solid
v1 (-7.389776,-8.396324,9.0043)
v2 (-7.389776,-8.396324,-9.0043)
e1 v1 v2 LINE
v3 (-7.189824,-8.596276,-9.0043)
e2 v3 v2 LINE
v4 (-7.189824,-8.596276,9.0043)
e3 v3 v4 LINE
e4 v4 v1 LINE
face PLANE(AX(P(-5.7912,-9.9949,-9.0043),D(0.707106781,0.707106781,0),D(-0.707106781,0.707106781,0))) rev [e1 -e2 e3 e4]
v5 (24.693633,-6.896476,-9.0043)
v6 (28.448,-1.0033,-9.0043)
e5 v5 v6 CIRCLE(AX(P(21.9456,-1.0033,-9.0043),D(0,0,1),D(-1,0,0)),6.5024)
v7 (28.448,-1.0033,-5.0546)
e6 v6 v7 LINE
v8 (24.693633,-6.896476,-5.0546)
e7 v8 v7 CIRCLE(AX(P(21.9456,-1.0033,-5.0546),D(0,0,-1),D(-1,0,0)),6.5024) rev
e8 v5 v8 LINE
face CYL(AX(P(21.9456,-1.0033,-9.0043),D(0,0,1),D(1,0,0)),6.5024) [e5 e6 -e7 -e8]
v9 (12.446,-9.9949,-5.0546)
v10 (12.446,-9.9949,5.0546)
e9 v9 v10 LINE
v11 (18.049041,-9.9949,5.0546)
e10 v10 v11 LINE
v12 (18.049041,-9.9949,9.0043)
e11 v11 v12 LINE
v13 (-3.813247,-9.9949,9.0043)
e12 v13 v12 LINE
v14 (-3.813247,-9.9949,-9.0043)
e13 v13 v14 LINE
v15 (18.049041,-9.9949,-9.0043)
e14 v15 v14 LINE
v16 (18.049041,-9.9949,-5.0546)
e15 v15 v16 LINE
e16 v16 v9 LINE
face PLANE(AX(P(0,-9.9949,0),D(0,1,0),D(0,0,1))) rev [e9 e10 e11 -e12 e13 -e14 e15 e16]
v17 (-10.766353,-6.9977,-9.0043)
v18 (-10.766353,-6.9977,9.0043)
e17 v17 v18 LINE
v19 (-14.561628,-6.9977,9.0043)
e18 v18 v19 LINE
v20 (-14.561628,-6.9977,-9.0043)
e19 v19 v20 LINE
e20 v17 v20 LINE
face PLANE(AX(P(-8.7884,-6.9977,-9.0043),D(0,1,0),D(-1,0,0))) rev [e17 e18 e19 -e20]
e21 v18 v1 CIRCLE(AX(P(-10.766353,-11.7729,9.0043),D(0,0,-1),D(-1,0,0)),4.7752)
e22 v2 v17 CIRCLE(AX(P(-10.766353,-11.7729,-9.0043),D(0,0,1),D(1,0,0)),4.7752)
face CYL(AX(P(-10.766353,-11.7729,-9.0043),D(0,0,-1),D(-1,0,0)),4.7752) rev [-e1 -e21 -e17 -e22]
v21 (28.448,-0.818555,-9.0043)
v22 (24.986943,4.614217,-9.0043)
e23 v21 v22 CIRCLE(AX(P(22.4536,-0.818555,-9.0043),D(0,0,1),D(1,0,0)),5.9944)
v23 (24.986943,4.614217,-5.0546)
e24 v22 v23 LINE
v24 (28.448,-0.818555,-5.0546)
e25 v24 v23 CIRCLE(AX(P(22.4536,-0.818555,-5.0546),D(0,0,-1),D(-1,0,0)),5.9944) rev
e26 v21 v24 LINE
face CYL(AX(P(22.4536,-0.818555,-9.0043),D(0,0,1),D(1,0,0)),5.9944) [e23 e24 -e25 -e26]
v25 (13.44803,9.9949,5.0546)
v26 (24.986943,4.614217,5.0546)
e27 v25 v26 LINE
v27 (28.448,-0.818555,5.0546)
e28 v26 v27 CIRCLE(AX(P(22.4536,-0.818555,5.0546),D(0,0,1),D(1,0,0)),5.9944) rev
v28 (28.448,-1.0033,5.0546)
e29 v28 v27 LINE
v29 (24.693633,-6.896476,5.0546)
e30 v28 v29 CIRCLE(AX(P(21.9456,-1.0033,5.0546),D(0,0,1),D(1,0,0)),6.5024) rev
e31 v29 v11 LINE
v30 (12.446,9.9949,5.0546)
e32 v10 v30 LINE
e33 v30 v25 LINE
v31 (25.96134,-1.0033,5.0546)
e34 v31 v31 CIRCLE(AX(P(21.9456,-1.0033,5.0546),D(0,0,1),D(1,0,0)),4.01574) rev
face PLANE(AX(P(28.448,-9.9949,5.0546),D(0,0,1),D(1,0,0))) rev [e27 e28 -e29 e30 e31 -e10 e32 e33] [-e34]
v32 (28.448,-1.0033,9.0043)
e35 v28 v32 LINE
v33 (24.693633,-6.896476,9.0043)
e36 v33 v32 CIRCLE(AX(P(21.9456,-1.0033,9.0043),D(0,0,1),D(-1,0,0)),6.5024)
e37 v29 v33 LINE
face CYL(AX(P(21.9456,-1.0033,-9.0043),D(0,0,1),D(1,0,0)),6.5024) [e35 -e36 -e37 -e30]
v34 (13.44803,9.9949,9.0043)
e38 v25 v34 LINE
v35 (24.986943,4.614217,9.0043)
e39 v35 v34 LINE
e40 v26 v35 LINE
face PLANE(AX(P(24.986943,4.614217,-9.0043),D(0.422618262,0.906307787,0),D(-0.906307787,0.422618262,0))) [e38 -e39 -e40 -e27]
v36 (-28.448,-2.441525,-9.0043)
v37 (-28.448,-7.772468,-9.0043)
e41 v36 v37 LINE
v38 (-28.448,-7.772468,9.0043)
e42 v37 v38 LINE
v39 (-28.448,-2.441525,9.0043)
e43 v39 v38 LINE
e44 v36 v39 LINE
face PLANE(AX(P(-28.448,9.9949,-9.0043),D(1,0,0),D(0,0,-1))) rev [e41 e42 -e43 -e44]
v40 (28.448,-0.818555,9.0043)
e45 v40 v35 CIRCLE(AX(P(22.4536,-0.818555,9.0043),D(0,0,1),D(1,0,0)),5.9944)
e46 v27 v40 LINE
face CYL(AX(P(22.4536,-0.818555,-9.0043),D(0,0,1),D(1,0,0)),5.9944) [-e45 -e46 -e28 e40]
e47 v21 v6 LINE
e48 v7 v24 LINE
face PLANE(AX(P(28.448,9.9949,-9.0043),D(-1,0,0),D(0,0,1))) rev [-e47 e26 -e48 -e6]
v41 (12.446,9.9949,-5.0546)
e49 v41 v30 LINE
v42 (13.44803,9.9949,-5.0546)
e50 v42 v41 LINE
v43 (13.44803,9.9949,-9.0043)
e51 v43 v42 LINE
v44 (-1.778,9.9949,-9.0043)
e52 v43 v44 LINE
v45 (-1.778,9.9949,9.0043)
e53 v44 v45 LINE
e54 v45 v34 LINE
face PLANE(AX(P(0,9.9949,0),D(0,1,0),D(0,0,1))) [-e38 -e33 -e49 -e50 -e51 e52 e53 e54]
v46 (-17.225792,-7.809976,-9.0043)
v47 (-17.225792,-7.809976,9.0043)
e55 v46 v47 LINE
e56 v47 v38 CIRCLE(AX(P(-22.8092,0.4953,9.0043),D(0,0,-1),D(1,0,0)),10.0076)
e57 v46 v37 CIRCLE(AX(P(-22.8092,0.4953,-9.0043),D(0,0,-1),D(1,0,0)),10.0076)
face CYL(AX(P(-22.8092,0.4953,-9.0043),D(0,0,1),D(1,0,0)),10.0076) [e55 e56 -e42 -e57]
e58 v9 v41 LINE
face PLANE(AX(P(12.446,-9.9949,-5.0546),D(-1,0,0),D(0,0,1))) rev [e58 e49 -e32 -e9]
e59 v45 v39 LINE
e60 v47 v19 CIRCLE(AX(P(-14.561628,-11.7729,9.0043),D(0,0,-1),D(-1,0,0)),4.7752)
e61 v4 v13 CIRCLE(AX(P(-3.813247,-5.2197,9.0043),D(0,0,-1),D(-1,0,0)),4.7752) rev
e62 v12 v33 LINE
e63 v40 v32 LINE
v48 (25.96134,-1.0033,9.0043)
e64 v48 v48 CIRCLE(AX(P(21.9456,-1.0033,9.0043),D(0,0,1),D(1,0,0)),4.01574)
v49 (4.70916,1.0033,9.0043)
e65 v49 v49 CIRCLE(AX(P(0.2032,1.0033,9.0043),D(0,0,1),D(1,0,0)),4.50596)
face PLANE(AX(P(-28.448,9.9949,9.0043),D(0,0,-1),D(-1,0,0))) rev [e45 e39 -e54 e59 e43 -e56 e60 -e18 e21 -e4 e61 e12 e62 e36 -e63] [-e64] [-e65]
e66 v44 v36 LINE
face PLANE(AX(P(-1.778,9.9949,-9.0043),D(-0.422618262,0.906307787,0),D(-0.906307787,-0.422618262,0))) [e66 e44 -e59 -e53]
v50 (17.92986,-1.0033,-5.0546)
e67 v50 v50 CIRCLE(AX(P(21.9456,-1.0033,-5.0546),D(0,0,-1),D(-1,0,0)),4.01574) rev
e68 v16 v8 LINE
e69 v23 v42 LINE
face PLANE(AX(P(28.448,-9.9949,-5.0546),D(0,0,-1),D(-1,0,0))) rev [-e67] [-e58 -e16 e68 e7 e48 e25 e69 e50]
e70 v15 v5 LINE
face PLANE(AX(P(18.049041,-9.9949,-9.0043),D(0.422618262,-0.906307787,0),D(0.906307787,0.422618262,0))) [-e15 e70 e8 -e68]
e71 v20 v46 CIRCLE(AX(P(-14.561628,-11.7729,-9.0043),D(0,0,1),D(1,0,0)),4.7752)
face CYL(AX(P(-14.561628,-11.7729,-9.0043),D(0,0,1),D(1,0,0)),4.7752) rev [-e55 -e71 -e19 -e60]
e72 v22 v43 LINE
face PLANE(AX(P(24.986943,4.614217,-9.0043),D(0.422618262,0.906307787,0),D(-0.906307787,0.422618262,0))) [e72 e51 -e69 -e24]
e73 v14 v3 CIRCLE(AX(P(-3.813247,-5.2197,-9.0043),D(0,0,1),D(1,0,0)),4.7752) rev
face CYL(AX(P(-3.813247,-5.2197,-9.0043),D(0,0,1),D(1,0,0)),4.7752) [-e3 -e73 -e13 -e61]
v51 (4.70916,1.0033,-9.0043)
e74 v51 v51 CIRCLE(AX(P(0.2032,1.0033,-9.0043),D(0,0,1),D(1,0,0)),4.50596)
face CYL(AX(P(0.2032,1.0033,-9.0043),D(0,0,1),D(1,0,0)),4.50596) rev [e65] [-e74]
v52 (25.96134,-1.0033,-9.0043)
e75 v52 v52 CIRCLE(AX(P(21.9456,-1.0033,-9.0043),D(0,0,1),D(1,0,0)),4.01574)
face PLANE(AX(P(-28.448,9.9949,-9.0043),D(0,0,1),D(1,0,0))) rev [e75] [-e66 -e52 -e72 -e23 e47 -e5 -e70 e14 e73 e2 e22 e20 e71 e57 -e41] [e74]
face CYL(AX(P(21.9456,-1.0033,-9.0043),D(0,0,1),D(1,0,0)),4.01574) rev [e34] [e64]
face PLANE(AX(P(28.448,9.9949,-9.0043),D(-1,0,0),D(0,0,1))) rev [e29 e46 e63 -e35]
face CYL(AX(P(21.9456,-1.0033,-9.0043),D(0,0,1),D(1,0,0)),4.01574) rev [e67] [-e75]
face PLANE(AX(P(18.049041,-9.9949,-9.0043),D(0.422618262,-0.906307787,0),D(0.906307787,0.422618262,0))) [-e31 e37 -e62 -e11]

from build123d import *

# Parameters (mm, degrees)
SKETCH2_W               = 56.896
SKETCH2_H               = 18.0086
BOSS_EXTRUDE1_DEPTH     = 9.9949
SKETCH3_R               = 4.01574
SKETCH3_R_2             = 4.50596
CUT_EXTRUDE1_DEPTH      = 10.0043
CUT_EXTRUDE1_DEPTH_BACK = 10.0043
SKETCH5_OUTSIDE_W       = 71.484
SKETCH5_OUTSIDE_H       = 34.578
CUT_EXTRUDE2_DEPTH      = 10.0043
CUT_EXTRUDE2_DEPTH_BACK = 10.0043
CUT_EXTRUDE3_DEPTH      = 10.0043
CUT_EXTRUDE3_DEPTH_BACK = 10.0043
FILLET1_R               = 4.7752
SKETCH7_W               = 16.002
SKETCH7_H               = 10.1092
CUT_EXTRUDE4_DEPTH      = 10.9949
CUT_EXTRUDE4_DEPTH_BACK = 10.9949


with BuildPart() as part:
    # Sketch2 → Boss-Extrude1 (new body, symmetric)
    with BuildSketch(Plane(origin=(0, 0, 0), x_dir=(1, 0, 0), z_dir=(0, 1, 0))):
        Rectangle(SKETCH2_W, SKETCH2_H)
    extrude(amount=BOSS_EXTRUDE1_DEPTH, both=True)

    # Sketch3 → Cut-Extrude1 (cut, two sides)
    with BuildSketch(Plane.XY) as cut_extrude1_sk:
        with Locations((21.9456, -1.0033)):
            Circle(SKETCH3_R)
        with Locations((0.2032, 1.0033)):
            Circle(SKETCH3_R_2)
    extrude(amount=CUT_EXTRUDE1_DEPTH, mode=Mode.SUBTRACT)
    extrude(cut_extrude1_sk.sketch, amount=-CUT_EXTRUDE1_DEPTH_BACK, mode=Mode.SUBTRACT)

    # Sketch5 outside → Cut-Extrude2 (cut, two sides)
    with BuildSketch(Plane.XY) as cut_extrude2_sk:
        Rectangle(SKETCH5_OUTSIDE_W, SKETCH5_OUTSIDE_H)
        with BuildLine():
            Line((18.049040748, -9.9949), (24.693632985, -6.896475754))
            ThreePointArc((24.693632985, -6.896475754), (27.429668537, -4.497036973), (28.448, -1.0033))
            Line((28.448, -1.0033), (28.448, -0.818554854))
            ThreePointArc((28.448, -0.818554854), (27.509225683, 2.402233918), (24.986942908, 4.614216544))
            Line((24.986942908, 4.614216544), (13.44803, 9.9949))
            Line((13.44803, 9.9949), (-1.778, 9.9949))
            Line((-1.778, 9.9949), (-28.448, -2.441525243))
            Line((-28.448, -2.441525243), (-28.448, -9.9949))
            Line((-28.448, -9.9949), (18.049040748, -9.9949))
        make_face(mode=Mode.SUBTRACT)
    extrude(amount=CUT_EXTRUDE2_DEPTH, mode=Mode.SUBTRACT)
    extrude(cut_extrude2_sk.sketch, amount=-CUT_EXTRUDE2_DEPTH_BACK, mode=Mode.SUBTRACT)

    # Sketch6 → Cut-Extrude3 (cut, two sides)
    with BuildSketch(Plane.XY) as cut_extrude3_sk:
        with BuildLine():
            Line((-5.7912, -9.9949), (-8.7884, -6.9977))
            Line((-8.7884, -6.9977), (-16.175422135, -6.9977))
            ThreePointArc((-16.175422135, -6.9977), (-22.178675052, -9.492417259), (-28.448, -7.772468279))
            Line((-28.448, -7.772468279), (-28.448, -9.9949))
            Line((-28.448, -9.9949), (-5.7912, -9.9949))
        make_face()
    extrude(amount=CUT_EXTRUDE3_DEPTH, mode=Mode.SUBTRACT)
    extrude(cut_extrude3_sk.sketch, amount=-CUT_EXTRUDE3_DEPTH_BACK, mode=Mode.SUBTRACT)

    # Fillet1
    fillet1_edges = [part.edges().sort_by_distance(p)[0] for p in [
        (-16.175422135, -6.9977, 0),
        (-8.7884, -6.9977, 0),
        (-5.7912, -9.9949, 0),
    ]]
    fillet(fillet1_edges, radius=FILLET1_R)

    # Sketch7 → Cut-Extrude4 (cut, two sides)
    with BuildSketch(Plane(origin=(0, 0, 0), x_dir=(1, 0, 0), z_dir=(0, 1, 0))) as cut_extrude4_sk:
        with Locations((20.447, 0)):
            Rectangle(SKETCH7_W, SKETCH7_H)
    extrude(amount=CUT_EXTRUDE4_DEPTH, mode=Mode.SUBTRACT)
    extrude(cut_extrude4_sk.sketch, amount=-CUT_EXTRUDE4_DEPTH_BACK, mode=Mode.SUBTRACT)


solid = part.part
